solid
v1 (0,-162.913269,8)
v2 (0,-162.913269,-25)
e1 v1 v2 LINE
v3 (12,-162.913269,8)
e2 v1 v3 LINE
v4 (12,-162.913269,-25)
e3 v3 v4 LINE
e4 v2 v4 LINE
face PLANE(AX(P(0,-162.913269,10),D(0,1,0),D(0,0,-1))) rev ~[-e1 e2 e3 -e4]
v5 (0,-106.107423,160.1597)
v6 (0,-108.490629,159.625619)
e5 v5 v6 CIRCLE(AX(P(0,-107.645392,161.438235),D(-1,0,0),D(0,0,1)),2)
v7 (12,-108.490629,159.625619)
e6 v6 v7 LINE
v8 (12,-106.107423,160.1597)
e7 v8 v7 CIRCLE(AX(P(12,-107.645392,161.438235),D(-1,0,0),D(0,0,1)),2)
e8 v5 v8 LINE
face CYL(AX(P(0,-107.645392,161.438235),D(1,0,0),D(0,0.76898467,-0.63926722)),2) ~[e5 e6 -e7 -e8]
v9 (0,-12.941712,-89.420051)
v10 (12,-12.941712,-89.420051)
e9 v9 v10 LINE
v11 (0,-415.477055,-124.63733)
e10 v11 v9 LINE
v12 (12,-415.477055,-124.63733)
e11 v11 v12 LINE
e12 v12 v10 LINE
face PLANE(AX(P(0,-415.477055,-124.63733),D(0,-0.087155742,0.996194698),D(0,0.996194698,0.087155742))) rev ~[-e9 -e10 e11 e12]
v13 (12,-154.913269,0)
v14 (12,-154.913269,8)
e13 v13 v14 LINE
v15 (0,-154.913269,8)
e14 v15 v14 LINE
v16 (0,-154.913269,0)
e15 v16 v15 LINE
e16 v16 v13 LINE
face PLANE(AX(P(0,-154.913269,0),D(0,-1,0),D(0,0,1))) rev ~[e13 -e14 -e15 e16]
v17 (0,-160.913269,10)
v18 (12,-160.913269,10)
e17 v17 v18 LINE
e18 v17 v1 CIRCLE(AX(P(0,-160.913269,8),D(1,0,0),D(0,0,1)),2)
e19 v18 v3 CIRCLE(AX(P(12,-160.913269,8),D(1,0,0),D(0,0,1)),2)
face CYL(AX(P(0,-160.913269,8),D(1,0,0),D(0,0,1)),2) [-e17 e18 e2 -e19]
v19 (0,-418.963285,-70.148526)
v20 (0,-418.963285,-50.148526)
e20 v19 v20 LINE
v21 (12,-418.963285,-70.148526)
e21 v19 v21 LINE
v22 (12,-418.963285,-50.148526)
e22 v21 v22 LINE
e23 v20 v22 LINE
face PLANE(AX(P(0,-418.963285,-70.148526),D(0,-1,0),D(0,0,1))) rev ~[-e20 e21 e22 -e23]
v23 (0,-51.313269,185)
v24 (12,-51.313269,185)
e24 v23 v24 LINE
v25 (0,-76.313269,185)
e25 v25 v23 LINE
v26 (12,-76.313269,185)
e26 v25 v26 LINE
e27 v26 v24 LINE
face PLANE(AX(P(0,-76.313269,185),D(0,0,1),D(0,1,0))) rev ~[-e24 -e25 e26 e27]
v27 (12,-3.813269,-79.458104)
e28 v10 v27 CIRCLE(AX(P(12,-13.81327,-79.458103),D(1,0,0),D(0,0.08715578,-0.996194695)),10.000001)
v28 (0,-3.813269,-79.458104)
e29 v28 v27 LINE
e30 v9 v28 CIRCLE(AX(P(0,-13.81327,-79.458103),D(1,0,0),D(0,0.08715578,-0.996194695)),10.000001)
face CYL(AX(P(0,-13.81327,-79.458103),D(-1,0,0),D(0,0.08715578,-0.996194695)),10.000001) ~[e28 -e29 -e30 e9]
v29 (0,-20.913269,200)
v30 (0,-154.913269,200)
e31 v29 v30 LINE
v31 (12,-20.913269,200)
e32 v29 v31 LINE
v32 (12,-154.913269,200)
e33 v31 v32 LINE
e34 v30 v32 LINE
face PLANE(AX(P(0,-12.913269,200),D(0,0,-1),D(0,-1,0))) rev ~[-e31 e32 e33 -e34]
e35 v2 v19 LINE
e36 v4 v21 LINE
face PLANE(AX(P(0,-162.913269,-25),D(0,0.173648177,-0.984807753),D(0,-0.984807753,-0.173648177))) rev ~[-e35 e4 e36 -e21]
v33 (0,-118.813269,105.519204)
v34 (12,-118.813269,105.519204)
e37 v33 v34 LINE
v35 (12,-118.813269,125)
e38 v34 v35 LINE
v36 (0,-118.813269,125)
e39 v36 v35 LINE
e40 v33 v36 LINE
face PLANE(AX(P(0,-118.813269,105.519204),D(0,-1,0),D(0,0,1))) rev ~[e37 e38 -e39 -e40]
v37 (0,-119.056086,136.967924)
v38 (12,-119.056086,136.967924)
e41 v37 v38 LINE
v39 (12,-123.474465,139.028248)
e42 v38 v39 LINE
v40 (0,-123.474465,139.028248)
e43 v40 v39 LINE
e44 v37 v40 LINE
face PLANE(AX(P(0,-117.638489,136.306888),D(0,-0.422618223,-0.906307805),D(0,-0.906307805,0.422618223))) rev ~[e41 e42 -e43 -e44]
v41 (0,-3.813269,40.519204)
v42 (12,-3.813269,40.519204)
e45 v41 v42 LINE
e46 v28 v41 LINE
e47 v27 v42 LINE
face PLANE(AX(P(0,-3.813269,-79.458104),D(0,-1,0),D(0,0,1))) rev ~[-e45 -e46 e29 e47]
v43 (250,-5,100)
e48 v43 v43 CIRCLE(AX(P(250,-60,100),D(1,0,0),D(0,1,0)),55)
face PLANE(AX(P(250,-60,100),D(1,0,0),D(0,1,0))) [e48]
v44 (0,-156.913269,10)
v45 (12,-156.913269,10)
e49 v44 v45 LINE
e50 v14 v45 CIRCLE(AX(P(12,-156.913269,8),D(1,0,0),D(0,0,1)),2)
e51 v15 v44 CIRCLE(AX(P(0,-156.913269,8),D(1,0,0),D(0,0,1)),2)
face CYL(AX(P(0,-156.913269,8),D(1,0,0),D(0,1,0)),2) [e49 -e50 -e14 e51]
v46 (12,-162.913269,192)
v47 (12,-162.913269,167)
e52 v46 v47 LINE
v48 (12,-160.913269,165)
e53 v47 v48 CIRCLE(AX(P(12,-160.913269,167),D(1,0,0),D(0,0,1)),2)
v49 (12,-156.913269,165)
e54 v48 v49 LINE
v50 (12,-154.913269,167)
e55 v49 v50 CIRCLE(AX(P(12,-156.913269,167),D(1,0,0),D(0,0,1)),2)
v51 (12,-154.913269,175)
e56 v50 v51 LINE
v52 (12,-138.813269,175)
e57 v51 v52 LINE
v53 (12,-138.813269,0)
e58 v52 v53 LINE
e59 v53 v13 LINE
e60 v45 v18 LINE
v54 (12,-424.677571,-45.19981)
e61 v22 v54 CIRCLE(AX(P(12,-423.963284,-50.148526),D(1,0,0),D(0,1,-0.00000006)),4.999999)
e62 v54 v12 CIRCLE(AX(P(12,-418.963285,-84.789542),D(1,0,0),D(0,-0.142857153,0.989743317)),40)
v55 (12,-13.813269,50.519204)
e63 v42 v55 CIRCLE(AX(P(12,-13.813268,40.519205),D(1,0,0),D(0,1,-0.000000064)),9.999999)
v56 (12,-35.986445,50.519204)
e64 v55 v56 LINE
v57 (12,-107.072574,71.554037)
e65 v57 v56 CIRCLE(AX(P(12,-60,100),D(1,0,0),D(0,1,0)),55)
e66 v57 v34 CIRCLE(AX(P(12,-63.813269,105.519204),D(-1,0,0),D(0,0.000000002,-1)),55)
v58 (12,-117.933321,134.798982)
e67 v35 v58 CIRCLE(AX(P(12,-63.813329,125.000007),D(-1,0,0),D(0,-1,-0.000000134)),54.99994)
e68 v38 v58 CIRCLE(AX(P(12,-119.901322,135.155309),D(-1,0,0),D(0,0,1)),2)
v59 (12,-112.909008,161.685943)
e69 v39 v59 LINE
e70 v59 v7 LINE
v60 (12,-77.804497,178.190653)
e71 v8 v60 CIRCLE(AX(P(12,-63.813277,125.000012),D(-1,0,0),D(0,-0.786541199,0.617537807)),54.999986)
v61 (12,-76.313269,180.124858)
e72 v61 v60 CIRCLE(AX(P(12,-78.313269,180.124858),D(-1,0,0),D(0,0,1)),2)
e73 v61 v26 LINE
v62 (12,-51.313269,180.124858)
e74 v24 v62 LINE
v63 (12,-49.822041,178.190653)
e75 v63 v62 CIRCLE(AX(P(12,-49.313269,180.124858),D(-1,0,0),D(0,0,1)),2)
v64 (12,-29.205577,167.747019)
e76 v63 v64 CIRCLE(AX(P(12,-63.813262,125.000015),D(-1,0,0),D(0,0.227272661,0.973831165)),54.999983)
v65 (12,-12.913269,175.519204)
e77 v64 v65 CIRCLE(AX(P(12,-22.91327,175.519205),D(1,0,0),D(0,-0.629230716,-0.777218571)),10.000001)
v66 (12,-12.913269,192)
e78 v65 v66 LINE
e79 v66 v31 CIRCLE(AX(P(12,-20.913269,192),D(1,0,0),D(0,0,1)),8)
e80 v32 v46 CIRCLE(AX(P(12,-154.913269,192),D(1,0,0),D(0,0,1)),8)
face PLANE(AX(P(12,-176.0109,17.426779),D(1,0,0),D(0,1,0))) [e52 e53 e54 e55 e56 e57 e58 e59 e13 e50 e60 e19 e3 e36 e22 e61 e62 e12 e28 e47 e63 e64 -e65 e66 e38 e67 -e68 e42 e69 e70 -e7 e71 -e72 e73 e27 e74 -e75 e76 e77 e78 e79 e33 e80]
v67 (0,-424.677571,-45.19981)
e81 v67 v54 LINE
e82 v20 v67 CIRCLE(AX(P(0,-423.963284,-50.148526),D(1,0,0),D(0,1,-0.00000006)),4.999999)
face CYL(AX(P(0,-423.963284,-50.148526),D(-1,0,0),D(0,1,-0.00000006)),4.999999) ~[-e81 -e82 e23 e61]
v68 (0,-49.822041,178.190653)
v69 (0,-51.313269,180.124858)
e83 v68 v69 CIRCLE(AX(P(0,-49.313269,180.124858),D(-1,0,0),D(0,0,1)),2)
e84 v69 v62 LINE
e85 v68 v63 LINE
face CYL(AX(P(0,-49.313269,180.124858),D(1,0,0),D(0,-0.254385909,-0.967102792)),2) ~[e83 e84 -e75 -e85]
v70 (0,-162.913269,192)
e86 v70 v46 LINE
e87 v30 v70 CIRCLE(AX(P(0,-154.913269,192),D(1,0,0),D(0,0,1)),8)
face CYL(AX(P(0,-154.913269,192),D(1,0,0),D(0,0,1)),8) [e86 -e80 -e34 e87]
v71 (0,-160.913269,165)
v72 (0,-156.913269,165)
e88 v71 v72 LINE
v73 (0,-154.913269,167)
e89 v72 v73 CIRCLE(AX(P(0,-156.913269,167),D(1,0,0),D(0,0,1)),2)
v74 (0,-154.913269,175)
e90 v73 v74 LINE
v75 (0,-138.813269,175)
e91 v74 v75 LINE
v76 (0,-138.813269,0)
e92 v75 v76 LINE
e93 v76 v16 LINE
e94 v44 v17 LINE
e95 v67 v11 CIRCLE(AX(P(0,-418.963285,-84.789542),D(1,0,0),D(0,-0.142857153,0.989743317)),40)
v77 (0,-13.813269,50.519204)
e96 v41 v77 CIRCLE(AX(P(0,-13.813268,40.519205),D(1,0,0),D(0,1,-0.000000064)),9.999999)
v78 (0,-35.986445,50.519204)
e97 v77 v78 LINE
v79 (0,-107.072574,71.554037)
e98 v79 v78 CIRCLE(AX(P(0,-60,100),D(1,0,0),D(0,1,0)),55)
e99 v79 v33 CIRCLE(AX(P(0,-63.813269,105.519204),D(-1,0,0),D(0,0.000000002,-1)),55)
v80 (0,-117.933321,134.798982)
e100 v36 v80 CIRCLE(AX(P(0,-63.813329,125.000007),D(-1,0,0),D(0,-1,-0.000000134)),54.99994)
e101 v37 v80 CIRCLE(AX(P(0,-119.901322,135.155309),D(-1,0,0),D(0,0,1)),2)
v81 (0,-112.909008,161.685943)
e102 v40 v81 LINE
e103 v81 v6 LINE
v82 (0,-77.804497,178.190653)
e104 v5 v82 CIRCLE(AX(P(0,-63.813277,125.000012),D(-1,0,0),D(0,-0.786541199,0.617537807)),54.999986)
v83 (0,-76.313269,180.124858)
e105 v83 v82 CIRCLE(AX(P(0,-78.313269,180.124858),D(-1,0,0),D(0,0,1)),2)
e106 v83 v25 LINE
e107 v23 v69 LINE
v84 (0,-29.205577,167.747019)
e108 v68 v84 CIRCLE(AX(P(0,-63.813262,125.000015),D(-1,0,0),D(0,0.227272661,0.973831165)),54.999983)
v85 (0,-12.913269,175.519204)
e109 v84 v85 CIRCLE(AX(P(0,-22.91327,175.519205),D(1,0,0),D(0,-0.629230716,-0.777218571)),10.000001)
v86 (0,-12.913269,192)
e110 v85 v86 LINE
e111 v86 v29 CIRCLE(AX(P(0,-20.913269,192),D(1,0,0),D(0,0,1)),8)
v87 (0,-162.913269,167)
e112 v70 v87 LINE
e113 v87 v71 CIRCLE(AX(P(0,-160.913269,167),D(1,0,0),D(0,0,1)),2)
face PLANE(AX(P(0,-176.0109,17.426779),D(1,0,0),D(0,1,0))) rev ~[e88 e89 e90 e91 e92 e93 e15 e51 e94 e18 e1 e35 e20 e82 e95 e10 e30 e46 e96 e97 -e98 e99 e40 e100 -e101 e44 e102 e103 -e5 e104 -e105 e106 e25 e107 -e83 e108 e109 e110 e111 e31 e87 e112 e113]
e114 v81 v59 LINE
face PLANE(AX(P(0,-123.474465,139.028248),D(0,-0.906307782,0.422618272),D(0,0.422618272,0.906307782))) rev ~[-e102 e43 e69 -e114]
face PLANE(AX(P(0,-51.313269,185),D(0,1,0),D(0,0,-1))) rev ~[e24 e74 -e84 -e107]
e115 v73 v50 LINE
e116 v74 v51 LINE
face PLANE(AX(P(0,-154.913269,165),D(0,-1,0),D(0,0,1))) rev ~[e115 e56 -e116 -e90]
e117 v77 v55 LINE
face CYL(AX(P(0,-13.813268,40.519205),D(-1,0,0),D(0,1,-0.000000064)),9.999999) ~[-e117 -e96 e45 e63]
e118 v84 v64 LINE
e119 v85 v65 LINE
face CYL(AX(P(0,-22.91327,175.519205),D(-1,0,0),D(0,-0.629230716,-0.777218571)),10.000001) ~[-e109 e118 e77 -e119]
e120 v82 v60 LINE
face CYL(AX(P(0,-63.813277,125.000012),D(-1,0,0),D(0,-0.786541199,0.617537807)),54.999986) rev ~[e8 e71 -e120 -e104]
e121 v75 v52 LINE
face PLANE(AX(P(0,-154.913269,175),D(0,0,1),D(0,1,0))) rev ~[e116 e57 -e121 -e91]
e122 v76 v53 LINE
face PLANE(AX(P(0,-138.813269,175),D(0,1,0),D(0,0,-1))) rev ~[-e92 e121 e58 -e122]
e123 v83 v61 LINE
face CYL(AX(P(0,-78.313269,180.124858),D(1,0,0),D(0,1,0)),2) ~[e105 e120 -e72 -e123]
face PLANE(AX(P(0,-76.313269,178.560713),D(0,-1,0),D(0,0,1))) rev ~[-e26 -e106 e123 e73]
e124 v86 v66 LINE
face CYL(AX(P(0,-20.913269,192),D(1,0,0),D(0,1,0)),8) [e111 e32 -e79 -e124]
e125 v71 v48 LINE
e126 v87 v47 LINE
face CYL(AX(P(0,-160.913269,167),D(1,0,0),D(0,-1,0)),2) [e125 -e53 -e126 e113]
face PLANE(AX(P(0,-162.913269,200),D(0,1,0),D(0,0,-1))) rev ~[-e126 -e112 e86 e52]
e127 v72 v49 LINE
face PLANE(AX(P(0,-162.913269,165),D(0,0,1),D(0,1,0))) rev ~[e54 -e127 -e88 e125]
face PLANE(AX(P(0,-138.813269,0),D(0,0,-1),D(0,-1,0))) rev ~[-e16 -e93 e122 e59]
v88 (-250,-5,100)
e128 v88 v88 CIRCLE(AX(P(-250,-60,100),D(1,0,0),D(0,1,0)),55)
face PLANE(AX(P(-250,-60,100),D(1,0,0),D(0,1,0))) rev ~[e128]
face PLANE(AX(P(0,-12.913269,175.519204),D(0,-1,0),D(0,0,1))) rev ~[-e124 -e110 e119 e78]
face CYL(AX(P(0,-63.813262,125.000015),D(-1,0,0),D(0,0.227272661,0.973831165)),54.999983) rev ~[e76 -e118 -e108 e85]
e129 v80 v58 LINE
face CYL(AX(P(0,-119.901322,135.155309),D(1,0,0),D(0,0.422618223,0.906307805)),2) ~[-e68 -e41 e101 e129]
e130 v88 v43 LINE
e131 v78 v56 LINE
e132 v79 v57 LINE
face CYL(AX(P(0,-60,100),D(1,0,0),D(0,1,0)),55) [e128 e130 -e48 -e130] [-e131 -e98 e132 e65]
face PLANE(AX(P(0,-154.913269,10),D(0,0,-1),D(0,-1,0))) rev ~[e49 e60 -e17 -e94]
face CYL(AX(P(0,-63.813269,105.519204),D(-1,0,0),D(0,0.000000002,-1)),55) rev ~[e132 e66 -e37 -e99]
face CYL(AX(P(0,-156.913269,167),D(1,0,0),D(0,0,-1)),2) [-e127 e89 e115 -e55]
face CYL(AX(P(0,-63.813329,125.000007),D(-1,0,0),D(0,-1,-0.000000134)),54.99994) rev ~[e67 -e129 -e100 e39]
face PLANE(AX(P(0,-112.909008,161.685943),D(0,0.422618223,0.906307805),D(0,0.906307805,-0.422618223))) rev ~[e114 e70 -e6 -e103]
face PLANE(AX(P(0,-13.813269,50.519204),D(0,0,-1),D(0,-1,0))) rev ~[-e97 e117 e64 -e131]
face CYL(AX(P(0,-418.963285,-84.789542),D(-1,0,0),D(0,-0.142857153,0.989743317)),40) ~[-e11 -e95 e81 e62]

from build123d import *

# Parameters (mm, degrees)
F0_R          = 55
F1_DEPTH      = 250
F1_DEPTH_BACK = 250
F3_DEPTH      = 12
F4_R          = 8
F5_R          = 2


with BuildPart() as f1:
    # F0 (on Right) → F1 (new body, two sides)
    with BuildSketch(Plane.YZ) as f1_sk:
        with Locations((-60, 100)):
            Circle(F0_R)
    extrude(amount=F1_DEPTH)
    extrude(f1_sk.sketch, amount=-F1_DEPTH_BACK)

    # F2 (on Right) → F3 (join)
    with BuildSketch(Plane.YZ):
        with BuildLine():
            ThreePointArc((-29.205577, 167.747019), (-18.607638, 166.4936), (-12.913269, 175.519204))
            Line((-12.913269, 175.519204), (-12.913269, 200))
            Line((-12.913269, 200), (-162.913269, 200))
            Line((-162.913269, 200), (-162.913269, 165))
            Line((-162.913269, 165), (-154.913269, 165))
            Line((-154.913269, 165), (-154.913269, 175))
            Line((-154.913269, 175), (-138.813269, 175))
            Line((-138.813269, 175), (-138.813269, 0))
            Line((-138.813269, 0), (-154.913269, 0))
            Line((-154.913269, 0), (-154.913269, 10))
            Line((-154.913269, 10), (-162.913269, 10))
            Line((-162.913269, 10), (-162.913269, -25))
            Line((-162.913269, -25), (-418.963285, -70.148526))
            Line((-418.963285, -70.148526), (-418.963285, -50.148526))
            ThreePointArc((-418.963285, -50.148526), (-420.690017, -46.368881), (-424.677571, -45.19981))
            ThreePointArc((-424.677571, -45.19981), (-458.697665, -89.391609), (-415.477055, -124.63733))
            Line((-415.477055, -124.63733), (-12.941712, -89.420051))
            ThreePointArc((-12.941712, -89.420051), (-6.440496, -86.214006), (-3.813269, -79.458104))
            Line((-3.813269, -79.458104), (-3.813269, 40.519204))
            ThreePointArc((-3.813269, 40.519204), (-6.742201, 47.590272), (-13.813269, 50.519204))
            Line((-13.813269, 50.519204), (-63.813269, 50.519204))
            ThreePointArc((-63.813269, 50.519204), (-102.704142, 66.628331), (-118.813269, 105.519204))
            Line((-118.813269, 105.519204), (-118.813269, 125))
            ThreePointArc((-118.813269, 125), (-118.518786, 130.683877), (-117.638489, 136.306888))
            Line((-117.638489, 136.306888), (-123.474465, 139.028248))
            Line((-123.474465, 139.028248), (-112.909008, 161.685943))
            Line((-112.909008, 161.685943), (-107.073032, 158.964583))
            ThreePointArc((-107.073032, 158.964583), (-93.364748, 171.38653), (-76.313269, 178.560713))
            Line((-76.313269, 178.560713), (-76.313269, 185))
            Line((-76.313269, 185), (-51.313269, 185))
            Line((-51.313269, 185), (-51.313269, 178.560713))
            ThreePointArc((-51.313269, 178.560713), (-39.646812, 174.406299), (-29.205577, 167.747019))
        make_face()
    extrude(amount=F3_DEPTH)

    # F4
    f4_edges = [f1.edges().sort_by_distance(p)[0] for p in [
        (6, -162.913269, 200),
        (6, -12.913269, 200),
    ]]
    fillet(f4_edges, radius=F4_R)

    # F5
    f5_edges = [f1.edges().sort_by_distance(p)[0] for p in [
        (6, -162.913269, 165),
        (6, -162.913269, 10),
        (6, -154.913269, 165),
        (6, -107.073032, 158.964583),
        (6, -117.638489, 136.306888),
        (6, -76.313269, 178.560713),
        (6, -51.313269, 178.560713),
        (6, -154.913269, 10),
    ]]
    fillet(f5_edges, radius=F5_R)


solid = f1.part
